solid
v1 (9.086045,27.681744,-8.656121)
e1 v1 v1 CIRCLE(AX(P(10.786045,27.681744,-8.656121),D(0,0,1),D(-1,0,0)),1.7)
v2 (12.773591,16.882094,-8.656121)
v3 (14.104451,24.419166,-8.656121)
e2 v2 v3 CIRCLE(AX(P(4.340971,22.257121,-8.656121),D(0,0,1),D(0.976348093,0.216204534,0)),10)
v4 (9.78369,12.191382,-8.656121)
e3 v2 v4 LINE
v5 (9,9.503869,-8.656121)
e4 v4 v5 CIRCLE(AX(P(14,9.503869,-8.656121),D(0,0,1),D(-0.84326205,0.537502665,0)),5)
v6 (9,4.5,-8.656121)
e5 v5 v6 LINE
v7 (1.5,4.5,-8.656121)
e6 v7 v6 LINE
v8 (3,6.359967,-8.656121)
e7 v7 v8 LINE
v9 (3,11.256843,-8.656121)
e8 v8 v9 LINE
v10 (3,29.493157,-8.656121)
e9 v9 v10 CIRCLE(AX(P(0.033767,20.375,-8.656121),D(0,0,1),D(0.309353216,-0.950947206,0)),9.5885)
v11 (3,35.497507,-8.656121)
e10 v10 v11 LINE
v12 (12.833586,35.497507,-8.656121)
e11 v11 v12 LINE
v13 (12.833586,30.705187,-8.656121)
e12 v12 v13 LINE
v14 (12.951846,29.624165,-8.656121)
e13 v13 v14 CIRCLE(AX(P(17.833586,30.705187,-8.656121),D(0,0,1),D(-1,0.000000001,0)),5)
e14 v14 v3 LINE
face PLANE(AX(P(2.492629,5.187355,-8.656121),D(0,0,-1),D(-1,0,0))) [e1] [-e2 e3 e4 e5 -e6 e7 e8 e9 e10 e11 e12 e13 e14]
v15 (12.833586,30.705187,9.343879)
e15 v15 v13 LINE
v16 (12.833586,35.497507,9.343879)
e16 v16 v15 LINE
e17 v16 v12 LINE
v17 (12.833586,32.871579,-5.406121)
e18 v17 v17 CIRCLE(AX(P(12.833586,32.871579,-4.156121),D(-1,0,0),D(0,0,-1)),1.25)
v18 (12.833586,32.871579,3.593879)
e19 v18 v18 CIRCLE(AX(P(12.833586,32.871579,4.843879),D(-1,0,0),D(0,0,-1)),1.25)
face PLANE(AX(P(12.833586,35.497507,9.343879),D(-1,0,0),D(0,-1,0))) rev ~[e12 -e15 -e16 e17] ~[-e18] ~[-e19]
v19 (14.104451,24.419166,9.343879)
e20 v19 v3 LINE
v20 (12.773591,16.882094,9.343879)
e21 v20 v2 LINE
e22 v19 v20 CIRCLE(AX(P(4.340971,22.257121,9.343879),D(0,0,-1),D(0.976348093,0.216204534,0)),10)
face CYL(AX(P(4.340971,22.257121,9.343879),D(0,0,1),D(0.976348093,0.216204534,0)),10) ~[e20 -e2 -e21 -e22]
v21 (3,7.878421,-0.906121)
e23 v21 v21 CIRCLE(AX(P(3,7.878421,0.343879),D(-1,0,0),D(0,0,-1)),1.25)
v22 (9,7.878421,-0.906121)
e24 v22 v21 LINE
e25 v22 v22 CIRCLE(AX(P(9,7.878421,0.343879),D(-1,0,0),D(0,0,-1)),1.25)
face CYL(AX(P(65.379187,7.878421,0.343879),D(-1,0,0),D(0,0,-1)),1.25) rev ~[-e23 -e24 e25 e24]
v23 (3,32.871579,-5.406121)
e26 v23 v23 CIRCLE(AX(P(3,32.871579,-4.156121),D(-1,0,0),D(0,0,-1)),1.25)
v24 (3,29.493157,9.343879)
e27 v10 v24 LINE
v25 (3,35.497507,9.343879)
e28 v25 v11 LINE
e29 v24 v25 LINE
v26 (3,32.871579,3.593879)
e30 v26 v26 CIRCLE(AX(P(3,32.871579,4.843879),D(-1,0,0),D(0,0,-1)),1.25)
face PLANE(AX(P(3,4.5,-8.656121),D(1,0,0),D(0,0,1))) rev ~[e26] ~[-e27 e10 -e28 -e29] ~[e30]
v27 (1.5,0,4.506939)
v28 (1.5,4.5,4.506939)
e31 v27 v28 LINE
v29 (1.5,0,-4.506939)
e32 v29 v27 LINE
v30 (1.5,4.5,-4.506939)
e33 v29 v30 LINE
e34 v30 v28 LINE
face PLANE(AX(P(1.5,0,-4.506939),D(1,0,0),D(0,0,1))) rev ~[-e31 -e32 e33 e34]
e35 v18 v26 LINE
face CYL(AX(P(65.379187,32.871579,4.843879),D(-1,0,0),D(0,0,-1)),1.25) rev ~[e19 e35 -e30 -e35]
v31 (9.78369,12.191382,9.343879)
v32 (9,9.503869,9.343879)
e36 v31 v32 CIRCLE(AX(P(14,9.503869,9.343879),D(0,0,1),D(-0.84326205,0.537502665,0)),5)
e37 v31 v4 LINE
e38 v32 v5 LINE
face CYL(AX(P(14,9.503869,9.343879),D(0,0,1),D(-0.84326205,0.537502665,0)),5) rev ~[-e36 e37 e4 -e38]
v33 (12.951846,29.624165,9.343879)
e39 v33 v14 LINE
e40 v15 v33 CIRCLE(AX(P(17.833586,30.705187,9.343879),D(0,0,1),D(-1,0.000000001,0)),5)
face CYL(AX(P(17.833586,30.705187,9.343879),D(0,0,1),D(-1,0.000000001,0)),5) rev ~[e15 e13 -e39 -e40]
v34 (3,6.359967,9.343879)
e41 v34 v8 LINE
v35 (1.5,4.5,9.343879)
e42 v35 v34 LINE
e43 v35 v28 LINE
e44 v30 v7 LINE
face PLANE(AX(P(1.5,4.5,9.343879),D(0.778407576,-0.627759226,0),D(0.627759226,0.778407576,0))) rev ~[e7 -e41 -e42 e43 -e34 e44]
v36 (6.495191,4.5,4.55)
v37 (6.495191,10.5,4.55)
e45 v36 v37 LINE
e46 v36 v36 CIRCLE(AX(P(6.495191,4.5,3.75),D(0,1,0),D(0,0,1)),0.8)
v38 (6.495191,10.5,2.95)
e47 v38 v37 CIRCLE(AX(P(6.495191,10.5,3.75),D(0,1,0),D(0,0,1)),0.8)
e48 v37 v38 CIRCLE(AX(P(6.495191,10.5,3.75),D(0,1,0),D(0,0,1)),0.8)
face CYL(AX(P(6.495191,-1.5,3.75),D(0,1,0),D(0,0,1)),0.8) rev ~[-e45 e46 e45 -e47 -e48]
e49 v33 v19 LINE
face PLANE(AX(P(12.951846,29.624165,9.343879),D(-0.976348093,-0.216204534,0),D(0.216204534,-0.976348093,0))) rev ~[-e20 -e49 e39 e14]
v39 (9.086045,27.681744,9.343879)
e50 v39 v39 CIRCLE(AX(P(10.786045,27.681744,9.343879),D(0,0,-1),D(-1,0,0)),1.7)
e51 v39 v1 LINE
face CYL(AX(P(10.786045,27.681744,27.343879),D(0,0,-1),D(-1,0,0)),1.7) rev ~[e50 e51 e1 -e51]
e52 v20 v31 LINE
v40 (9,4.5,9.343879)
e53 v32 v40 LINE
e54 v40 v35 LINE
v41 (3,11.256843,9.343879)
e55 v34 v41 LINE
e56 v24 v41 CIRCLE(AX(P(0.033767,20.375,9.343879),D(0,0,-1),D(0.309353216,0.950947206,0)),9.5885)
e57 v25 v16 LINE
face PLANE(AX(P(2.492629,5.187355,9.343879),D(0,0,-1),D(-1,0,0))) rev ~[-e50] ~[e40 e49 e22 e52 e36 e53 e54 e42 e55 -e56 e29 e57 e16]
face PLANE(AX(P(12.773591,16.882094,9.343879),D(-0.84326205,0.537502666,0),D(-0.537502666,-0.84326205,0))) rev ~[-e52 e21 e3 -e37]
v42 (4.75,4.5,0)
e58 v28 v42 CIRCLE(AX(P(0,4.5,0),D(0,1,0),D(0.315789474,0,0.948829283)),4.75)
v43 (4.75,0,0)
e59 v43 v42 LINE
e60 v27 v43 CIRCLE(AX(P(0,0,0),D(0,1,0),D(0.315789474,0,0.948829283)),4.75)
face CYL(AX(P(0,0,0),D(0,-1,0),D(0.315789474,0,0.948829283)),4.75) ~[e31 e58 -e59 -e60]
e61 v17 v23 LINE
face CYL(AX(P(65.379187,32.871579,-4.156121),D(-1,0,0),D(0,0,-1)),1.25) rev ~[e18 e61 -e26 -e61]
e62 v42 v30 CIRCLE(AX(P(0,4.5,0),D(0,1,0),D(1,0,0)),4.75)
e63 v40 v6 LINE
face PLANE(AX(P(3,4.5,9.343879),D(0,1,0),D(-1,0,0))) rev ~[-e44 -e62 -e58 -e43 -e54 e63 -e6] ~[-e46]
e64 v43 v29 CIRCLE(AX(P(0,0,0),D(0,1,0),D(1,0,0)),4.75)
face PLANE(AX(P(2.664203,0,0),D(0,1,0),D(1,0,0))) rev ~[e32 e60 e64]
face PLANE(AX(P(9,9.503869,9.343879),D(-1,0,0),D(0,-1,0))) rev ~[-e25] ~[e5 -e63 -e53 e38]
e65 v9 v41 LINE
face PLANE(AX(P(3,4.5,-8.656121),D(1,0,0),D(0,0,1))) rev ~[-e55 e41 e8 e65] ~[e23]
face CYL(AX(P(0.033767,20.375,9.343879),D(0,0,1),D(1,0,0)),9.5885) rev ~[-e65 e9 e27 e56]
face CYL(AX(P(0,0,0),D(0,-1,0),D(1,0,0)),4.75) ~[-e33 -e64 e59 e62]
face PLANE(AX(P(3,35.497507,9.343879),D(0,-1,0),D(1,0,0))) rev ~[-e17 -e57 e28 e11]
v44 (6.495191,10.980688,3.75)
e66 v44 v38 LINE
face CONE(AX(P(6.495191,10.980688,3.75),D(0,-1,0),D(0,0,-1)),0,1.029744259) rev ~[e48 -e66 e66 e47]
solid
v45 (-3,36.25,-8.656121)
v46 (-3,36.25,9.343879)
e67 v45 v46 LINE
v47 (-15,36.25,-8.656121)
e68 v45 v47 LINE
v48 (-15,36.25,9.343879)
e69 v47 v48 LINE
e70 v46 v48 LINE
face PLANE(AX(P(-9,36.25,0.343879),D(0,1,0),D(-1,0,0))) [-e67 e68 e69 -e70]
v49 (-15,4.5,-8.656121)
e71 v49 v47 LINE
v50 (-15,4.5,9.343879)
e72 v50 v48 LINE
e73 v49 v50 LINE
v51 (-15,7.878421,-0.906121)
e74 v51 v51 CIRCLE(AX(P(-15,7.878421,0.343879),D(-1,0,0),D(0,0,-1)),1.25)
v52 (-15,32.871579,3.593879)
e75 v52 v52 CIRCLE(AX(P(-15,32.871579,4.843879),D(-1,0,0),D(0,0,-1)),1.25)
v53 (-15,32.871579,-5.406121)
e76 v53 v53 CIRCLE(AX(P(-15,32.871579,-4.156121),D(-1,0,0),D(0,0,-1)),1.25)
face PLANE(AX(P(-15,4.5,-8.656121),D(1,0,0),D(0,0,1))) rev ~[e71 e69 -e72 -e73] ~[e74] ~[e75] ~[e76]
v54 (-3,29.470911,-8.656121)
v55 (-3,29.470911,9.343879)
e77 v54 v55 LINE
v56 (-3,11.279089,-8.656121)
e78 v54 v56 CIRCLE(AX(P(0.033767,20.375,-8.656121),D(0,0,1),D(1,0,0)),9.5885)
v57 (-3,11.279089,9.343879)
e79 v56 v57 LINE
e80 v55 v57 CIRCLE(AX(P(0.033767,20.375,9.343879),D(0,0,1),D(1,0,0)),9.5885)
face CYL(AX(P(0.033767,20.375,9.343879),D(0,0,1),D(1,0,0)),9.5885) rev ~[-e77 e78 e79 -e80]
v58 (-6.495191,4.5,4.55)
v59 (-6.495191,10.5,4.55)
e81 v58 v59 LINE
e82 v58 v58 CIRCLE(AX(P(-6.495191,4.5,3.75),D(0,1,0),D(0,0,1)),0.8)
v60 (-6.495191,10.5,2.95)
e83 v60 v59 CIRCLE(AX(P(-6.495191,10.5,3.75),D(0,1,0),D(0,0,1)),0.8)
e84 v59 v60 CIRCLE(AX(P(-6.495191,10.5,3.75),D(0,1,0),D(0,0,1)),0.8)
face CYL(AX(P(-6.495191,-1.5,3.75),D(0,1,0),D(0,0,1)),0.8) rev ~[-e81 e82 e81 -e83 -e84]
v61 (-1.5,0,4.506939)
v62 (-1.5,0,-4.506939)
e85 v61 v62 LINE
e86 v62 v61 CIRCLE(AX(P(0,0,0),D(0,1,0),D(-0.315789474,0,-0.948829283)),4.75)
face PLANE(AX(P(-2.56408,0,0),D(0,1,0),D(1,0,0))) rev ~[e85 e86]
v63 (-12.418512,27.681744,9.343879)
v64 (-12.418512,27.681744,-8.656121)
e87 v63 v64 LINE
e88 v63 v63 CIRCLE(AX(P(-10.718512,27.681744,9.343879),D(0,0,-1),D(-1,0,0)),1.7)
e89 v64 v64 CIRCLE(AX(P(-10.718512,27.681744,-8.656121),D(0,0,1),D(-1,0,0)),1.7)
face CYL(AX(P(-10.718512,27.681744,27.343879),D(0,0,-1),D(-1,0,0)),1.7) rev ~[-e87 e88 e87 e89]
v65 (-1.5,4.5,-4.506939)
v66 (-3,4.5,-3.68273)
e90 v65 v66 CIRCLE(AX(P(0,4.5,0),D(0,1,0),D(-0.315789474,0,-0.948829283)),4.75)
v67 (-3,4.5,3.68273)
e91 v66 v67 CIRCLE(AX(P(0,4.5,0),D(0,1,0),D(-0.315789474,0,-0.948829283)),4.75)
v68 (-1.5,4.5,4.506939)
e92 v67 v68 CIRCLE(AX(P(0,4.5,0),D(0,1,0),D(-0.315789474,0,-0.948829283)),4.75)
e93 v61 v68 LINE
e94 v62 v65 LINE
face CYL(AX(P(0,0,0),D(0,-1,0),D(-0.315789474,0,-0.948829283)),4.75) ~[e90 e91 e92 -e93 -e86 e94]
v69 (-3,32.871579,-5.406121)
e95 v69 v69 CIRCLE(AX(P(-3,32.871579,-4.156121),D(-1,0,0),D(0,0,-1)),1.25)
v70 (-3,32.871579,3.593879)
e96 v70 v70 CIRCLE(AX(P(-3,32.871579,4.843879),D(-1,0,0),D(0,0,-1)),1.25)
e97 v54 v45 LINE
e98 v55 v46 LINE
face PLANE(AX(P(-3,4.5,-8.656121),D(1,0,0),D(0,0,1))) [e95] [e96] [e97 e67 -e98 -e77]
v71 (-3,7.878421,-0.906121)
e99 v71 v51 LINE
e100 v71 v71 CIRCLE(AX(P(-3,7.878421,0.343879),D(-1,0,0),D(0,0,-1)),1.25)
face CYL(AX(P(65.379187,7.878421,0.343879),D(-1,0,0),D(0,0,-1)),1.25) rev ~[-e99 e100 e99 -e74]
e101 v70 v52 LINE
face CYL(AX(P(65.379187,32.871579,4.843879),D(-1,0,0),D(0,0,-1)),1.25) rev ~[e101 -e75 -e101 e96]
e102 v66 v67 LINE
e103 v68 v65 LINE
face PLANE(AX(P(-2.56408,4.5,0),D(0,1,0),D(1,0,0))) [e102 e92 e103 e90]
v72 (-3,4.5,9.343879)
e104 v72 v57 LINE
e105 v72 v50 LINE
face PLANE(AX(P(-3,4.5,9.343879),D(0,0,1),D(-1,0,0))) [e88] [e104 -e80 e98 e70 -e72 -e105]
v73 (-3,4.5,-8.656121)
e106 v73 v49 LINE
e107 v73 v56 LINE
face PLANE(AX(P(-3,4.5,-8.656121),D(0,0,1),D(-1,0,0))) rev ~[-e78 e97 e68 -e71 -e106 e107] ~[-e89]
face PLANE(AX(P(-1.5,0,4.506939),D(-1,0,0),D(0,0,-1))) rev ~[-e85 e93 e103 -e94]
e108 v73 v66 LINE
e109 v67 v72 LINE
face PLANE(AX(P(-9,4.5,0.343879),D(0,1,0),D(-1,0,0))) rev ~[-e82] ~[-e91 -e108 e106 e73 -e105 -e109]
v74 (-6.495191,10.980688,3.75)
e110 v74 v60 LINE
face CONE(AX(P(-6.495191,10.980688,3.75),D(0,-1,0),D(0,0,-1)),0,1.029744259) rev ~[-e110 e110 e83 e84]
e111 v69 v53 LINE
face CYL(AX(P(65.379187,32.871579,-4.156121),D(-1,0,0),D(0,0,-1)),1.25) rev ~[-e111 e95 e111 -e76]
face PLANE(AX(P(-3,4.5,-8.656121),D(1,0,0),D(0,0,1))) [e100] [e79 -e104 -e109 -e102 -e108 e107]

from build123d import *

# Parameters (mm, degrees)
SKETCH2_W                 = 12
SKETCH2_H                 = 18
EXTRUDE1_DEPTH            = 31.75
EXTRUDE1_2_DEPTH          = 31.75
EXTRUDE2_DEPTH            = 4.5
SKETCH4_R                 = 9.5885
MAGNET_CAVITY_DEPTH       = 19
M3X0_5_TAPPED_HOLE1_D     = 2.5
M2X0_4_TAPPED_HOLE2_D     = 1.6
M2X0_4_TAPPED_HOLE2_DEPTH = 6
M2X0_4_TAPPED_HOLE2_TIP   = 0.480688495
M3_CLEARANCE_HOLE1_D      = 3.4
M3_CLEARANCE_HOLE1_DEPTH  = 18
M3_CLEARANCE_HOLE1_TIP    = 1.021463052
EXTRUDE3_DEPTH            = 19
EXTRUDE4_DEPTH            = 18


with BuildPart() as part:
    # Sketch2 → Extrude1 (new body)
    with BuildSketch(Plane(origin=(0, 4.5, 0), x_dir=(-1, 0, 0), z_dir=(0, 1, 0))):
        with Locations((9, 0.343878918)):
            Rectangle(SKETCH2_W, SKETCH2_H)
    extrude(amount=EXTRUDE1_DEPTH)



with BuildPart() as body_2:
    # Sketch2 → Extrude1 2 (new body)
    with BuildSketch(Plane(origin=(0, 4.5, 0), x_dir=(-1, 0, 0), z_dir=(0, 1, 0))):
        with Locations((-9, 0.343878918)):
            Rectangle(SKETCH2_W, SKETCH2_H)
    extrude(amount=EXTRUDE1_2_DEPTH)


with BuildPart() as part_1:
    add(part.part)

    add(body_2.part)  # Extrude2 merges body 2
    # Sketch1 → Extrude2 (add)
    with BuildSketch(Plane(origin=(0, 0, 0), x_dir=(1, 0, 0), z_dir=(0, 1, 0))):
        with BuildLine():
            ThreePointArc((4.75, 0), (3.852758752, 2.778263846), (1.5, 4.506939094))
            Line((1.5, 4.506939094), (1.5, -4.506939094))
            ThreePointArc((1.5, -4.506939094), (3.852758752, -2.778263846), (4.75, 0))
        make_face()
        with BuildLine():
            Line((-1.5, -4.506939094), (-1.5, 4.506939094))
            ThreePointArc((-1.5, 4.506939094), (-4.75, 0), (-1.5, -4.506939094))
        make_face()
    extrude(amount=EXTRUDE2_DEPTH)

    # Sketch4 → Magnet Cavity (cut, through all)
    with BuildSketch(Plane.XY.offset(9.343878918)):
        with Locations((0.033766691, 20.375)):
            Circle(SKETCH4_R)
    extrude(amount=-MAGNET_CAVITY_DEPTH, mode=Mode.SUBTRACT)

    # M3x0.5 Tapped Hole1 (through all)
    with Locations(Plane(origin=(15, 32.871578641, 4.843878918), x_dir=(0, 0, 1), z_dir=(1, 0, 0))):
        with Locations((0, 0), (-9, 0), (-4.5, 24.993157282)):
            Hole(M3X0_5_TAPPED_HOLE1_D / 2)

    # M2x0.4 Tapped Hole2
    with Locations(Plane(origin=(-6.495190528, 4.5, 3.75), x_dir=(0, 0, -1), z_dir=(0, -1, 0))):
        with Locations((0, 0), (0, 12.990381056)):
            Hole(M2X0_4_TAPPED_HOLE2_D / 2, depth=M2X0_4_TAPPED_HOLE2_DEPTH)
            with Locations((0, 0, -(M2X0_4_TAPPED_HOLE2_DEPTH + M2X0_4_TAPPED_HOLE2_TIP / 2))):  # 118° drill point
                Cone(0, M2X0_4_TAPPED_HOLE2_D / 2, M2X0_4_TAPPED_HOLE2_TIP, mode=Mode.SUBTRACT)

    # M3 Clearance Hole1
    with Locations(Plane(origin=(-10.718511689, 27.68174412, 9.343878918), x_dir=(1, 0, 0), z_dir=(0, 0, 1))):
        with Locations((0, 0), (21.50455676, 0)):
            Hole(M3_CLEARANCE_HOLE1_D / 2, depth=M3_CLEARANCE_HOLE1_DEPTH)
            with Locations((0, 0, -(M3_CLEARANCE_HOLE1_DEPTH + M3_CLEARANCE_HOLE1_TIP / 2))):  # 118° drill point
                Cone(0, M3_CLEARANCE_HOLE1_D / 2, M3_CLEARANCE_HOLE1_TIP, mode=Mode.SUBTRACT)

    # Trim Sketch → Extrude3 (cut, through all)
    with BuildSketch(Plane.XY.offset(9.343878918)):
        with BuildLine():
            Line((9, 9.503868704), (9, 4.5))
            Line((9, 4.5), (15, 4.5))
            Line((15, 4.5), (15, 36.25))
            Line((15, 36.25), (3, 36.25))
            Line((3, 36.25), (3, 35.497506653))
            Line((3, 35.497506653), (12.833586371, 35.497506653))
            Line((12.833586371, 35.497506653), (12.833586371, 30.705187388))
            ThreePointArc((12.833586371, 30.705187388), (12.863239183, 30.161451393), (12.951845904, 29.624164718))
            Line((12.951845904, 29.624164718), (14.104451498, 24.419166219))
            ThreePointArc((14.104451498, 24.419166219), (14.188629696, 20.518267921), (12.773591061, 16.882094224))
            Line((12.773591061, 16.882094224), (9.783689751, 12.191382032))
            ThreePointArc((9.783689751, 12.191382032), (9.199919207, 10.903591669), (9, 9.503868704))
        make_face()
    extrude(amount=-EXTRUDE3_DEPTH, mode=Mode.SUBTRACT)

    # Sketch26 → Extrude4 (add)
    with BuildSketch(Plane.XY.offset(9.343878918)):
        Polygon((1.5, 4.5), (3, 6.359966873), (3, 4.5), align=None)
    extrude(amount=-EXTRUDE4_DEPTH)


solid = part_1.part
